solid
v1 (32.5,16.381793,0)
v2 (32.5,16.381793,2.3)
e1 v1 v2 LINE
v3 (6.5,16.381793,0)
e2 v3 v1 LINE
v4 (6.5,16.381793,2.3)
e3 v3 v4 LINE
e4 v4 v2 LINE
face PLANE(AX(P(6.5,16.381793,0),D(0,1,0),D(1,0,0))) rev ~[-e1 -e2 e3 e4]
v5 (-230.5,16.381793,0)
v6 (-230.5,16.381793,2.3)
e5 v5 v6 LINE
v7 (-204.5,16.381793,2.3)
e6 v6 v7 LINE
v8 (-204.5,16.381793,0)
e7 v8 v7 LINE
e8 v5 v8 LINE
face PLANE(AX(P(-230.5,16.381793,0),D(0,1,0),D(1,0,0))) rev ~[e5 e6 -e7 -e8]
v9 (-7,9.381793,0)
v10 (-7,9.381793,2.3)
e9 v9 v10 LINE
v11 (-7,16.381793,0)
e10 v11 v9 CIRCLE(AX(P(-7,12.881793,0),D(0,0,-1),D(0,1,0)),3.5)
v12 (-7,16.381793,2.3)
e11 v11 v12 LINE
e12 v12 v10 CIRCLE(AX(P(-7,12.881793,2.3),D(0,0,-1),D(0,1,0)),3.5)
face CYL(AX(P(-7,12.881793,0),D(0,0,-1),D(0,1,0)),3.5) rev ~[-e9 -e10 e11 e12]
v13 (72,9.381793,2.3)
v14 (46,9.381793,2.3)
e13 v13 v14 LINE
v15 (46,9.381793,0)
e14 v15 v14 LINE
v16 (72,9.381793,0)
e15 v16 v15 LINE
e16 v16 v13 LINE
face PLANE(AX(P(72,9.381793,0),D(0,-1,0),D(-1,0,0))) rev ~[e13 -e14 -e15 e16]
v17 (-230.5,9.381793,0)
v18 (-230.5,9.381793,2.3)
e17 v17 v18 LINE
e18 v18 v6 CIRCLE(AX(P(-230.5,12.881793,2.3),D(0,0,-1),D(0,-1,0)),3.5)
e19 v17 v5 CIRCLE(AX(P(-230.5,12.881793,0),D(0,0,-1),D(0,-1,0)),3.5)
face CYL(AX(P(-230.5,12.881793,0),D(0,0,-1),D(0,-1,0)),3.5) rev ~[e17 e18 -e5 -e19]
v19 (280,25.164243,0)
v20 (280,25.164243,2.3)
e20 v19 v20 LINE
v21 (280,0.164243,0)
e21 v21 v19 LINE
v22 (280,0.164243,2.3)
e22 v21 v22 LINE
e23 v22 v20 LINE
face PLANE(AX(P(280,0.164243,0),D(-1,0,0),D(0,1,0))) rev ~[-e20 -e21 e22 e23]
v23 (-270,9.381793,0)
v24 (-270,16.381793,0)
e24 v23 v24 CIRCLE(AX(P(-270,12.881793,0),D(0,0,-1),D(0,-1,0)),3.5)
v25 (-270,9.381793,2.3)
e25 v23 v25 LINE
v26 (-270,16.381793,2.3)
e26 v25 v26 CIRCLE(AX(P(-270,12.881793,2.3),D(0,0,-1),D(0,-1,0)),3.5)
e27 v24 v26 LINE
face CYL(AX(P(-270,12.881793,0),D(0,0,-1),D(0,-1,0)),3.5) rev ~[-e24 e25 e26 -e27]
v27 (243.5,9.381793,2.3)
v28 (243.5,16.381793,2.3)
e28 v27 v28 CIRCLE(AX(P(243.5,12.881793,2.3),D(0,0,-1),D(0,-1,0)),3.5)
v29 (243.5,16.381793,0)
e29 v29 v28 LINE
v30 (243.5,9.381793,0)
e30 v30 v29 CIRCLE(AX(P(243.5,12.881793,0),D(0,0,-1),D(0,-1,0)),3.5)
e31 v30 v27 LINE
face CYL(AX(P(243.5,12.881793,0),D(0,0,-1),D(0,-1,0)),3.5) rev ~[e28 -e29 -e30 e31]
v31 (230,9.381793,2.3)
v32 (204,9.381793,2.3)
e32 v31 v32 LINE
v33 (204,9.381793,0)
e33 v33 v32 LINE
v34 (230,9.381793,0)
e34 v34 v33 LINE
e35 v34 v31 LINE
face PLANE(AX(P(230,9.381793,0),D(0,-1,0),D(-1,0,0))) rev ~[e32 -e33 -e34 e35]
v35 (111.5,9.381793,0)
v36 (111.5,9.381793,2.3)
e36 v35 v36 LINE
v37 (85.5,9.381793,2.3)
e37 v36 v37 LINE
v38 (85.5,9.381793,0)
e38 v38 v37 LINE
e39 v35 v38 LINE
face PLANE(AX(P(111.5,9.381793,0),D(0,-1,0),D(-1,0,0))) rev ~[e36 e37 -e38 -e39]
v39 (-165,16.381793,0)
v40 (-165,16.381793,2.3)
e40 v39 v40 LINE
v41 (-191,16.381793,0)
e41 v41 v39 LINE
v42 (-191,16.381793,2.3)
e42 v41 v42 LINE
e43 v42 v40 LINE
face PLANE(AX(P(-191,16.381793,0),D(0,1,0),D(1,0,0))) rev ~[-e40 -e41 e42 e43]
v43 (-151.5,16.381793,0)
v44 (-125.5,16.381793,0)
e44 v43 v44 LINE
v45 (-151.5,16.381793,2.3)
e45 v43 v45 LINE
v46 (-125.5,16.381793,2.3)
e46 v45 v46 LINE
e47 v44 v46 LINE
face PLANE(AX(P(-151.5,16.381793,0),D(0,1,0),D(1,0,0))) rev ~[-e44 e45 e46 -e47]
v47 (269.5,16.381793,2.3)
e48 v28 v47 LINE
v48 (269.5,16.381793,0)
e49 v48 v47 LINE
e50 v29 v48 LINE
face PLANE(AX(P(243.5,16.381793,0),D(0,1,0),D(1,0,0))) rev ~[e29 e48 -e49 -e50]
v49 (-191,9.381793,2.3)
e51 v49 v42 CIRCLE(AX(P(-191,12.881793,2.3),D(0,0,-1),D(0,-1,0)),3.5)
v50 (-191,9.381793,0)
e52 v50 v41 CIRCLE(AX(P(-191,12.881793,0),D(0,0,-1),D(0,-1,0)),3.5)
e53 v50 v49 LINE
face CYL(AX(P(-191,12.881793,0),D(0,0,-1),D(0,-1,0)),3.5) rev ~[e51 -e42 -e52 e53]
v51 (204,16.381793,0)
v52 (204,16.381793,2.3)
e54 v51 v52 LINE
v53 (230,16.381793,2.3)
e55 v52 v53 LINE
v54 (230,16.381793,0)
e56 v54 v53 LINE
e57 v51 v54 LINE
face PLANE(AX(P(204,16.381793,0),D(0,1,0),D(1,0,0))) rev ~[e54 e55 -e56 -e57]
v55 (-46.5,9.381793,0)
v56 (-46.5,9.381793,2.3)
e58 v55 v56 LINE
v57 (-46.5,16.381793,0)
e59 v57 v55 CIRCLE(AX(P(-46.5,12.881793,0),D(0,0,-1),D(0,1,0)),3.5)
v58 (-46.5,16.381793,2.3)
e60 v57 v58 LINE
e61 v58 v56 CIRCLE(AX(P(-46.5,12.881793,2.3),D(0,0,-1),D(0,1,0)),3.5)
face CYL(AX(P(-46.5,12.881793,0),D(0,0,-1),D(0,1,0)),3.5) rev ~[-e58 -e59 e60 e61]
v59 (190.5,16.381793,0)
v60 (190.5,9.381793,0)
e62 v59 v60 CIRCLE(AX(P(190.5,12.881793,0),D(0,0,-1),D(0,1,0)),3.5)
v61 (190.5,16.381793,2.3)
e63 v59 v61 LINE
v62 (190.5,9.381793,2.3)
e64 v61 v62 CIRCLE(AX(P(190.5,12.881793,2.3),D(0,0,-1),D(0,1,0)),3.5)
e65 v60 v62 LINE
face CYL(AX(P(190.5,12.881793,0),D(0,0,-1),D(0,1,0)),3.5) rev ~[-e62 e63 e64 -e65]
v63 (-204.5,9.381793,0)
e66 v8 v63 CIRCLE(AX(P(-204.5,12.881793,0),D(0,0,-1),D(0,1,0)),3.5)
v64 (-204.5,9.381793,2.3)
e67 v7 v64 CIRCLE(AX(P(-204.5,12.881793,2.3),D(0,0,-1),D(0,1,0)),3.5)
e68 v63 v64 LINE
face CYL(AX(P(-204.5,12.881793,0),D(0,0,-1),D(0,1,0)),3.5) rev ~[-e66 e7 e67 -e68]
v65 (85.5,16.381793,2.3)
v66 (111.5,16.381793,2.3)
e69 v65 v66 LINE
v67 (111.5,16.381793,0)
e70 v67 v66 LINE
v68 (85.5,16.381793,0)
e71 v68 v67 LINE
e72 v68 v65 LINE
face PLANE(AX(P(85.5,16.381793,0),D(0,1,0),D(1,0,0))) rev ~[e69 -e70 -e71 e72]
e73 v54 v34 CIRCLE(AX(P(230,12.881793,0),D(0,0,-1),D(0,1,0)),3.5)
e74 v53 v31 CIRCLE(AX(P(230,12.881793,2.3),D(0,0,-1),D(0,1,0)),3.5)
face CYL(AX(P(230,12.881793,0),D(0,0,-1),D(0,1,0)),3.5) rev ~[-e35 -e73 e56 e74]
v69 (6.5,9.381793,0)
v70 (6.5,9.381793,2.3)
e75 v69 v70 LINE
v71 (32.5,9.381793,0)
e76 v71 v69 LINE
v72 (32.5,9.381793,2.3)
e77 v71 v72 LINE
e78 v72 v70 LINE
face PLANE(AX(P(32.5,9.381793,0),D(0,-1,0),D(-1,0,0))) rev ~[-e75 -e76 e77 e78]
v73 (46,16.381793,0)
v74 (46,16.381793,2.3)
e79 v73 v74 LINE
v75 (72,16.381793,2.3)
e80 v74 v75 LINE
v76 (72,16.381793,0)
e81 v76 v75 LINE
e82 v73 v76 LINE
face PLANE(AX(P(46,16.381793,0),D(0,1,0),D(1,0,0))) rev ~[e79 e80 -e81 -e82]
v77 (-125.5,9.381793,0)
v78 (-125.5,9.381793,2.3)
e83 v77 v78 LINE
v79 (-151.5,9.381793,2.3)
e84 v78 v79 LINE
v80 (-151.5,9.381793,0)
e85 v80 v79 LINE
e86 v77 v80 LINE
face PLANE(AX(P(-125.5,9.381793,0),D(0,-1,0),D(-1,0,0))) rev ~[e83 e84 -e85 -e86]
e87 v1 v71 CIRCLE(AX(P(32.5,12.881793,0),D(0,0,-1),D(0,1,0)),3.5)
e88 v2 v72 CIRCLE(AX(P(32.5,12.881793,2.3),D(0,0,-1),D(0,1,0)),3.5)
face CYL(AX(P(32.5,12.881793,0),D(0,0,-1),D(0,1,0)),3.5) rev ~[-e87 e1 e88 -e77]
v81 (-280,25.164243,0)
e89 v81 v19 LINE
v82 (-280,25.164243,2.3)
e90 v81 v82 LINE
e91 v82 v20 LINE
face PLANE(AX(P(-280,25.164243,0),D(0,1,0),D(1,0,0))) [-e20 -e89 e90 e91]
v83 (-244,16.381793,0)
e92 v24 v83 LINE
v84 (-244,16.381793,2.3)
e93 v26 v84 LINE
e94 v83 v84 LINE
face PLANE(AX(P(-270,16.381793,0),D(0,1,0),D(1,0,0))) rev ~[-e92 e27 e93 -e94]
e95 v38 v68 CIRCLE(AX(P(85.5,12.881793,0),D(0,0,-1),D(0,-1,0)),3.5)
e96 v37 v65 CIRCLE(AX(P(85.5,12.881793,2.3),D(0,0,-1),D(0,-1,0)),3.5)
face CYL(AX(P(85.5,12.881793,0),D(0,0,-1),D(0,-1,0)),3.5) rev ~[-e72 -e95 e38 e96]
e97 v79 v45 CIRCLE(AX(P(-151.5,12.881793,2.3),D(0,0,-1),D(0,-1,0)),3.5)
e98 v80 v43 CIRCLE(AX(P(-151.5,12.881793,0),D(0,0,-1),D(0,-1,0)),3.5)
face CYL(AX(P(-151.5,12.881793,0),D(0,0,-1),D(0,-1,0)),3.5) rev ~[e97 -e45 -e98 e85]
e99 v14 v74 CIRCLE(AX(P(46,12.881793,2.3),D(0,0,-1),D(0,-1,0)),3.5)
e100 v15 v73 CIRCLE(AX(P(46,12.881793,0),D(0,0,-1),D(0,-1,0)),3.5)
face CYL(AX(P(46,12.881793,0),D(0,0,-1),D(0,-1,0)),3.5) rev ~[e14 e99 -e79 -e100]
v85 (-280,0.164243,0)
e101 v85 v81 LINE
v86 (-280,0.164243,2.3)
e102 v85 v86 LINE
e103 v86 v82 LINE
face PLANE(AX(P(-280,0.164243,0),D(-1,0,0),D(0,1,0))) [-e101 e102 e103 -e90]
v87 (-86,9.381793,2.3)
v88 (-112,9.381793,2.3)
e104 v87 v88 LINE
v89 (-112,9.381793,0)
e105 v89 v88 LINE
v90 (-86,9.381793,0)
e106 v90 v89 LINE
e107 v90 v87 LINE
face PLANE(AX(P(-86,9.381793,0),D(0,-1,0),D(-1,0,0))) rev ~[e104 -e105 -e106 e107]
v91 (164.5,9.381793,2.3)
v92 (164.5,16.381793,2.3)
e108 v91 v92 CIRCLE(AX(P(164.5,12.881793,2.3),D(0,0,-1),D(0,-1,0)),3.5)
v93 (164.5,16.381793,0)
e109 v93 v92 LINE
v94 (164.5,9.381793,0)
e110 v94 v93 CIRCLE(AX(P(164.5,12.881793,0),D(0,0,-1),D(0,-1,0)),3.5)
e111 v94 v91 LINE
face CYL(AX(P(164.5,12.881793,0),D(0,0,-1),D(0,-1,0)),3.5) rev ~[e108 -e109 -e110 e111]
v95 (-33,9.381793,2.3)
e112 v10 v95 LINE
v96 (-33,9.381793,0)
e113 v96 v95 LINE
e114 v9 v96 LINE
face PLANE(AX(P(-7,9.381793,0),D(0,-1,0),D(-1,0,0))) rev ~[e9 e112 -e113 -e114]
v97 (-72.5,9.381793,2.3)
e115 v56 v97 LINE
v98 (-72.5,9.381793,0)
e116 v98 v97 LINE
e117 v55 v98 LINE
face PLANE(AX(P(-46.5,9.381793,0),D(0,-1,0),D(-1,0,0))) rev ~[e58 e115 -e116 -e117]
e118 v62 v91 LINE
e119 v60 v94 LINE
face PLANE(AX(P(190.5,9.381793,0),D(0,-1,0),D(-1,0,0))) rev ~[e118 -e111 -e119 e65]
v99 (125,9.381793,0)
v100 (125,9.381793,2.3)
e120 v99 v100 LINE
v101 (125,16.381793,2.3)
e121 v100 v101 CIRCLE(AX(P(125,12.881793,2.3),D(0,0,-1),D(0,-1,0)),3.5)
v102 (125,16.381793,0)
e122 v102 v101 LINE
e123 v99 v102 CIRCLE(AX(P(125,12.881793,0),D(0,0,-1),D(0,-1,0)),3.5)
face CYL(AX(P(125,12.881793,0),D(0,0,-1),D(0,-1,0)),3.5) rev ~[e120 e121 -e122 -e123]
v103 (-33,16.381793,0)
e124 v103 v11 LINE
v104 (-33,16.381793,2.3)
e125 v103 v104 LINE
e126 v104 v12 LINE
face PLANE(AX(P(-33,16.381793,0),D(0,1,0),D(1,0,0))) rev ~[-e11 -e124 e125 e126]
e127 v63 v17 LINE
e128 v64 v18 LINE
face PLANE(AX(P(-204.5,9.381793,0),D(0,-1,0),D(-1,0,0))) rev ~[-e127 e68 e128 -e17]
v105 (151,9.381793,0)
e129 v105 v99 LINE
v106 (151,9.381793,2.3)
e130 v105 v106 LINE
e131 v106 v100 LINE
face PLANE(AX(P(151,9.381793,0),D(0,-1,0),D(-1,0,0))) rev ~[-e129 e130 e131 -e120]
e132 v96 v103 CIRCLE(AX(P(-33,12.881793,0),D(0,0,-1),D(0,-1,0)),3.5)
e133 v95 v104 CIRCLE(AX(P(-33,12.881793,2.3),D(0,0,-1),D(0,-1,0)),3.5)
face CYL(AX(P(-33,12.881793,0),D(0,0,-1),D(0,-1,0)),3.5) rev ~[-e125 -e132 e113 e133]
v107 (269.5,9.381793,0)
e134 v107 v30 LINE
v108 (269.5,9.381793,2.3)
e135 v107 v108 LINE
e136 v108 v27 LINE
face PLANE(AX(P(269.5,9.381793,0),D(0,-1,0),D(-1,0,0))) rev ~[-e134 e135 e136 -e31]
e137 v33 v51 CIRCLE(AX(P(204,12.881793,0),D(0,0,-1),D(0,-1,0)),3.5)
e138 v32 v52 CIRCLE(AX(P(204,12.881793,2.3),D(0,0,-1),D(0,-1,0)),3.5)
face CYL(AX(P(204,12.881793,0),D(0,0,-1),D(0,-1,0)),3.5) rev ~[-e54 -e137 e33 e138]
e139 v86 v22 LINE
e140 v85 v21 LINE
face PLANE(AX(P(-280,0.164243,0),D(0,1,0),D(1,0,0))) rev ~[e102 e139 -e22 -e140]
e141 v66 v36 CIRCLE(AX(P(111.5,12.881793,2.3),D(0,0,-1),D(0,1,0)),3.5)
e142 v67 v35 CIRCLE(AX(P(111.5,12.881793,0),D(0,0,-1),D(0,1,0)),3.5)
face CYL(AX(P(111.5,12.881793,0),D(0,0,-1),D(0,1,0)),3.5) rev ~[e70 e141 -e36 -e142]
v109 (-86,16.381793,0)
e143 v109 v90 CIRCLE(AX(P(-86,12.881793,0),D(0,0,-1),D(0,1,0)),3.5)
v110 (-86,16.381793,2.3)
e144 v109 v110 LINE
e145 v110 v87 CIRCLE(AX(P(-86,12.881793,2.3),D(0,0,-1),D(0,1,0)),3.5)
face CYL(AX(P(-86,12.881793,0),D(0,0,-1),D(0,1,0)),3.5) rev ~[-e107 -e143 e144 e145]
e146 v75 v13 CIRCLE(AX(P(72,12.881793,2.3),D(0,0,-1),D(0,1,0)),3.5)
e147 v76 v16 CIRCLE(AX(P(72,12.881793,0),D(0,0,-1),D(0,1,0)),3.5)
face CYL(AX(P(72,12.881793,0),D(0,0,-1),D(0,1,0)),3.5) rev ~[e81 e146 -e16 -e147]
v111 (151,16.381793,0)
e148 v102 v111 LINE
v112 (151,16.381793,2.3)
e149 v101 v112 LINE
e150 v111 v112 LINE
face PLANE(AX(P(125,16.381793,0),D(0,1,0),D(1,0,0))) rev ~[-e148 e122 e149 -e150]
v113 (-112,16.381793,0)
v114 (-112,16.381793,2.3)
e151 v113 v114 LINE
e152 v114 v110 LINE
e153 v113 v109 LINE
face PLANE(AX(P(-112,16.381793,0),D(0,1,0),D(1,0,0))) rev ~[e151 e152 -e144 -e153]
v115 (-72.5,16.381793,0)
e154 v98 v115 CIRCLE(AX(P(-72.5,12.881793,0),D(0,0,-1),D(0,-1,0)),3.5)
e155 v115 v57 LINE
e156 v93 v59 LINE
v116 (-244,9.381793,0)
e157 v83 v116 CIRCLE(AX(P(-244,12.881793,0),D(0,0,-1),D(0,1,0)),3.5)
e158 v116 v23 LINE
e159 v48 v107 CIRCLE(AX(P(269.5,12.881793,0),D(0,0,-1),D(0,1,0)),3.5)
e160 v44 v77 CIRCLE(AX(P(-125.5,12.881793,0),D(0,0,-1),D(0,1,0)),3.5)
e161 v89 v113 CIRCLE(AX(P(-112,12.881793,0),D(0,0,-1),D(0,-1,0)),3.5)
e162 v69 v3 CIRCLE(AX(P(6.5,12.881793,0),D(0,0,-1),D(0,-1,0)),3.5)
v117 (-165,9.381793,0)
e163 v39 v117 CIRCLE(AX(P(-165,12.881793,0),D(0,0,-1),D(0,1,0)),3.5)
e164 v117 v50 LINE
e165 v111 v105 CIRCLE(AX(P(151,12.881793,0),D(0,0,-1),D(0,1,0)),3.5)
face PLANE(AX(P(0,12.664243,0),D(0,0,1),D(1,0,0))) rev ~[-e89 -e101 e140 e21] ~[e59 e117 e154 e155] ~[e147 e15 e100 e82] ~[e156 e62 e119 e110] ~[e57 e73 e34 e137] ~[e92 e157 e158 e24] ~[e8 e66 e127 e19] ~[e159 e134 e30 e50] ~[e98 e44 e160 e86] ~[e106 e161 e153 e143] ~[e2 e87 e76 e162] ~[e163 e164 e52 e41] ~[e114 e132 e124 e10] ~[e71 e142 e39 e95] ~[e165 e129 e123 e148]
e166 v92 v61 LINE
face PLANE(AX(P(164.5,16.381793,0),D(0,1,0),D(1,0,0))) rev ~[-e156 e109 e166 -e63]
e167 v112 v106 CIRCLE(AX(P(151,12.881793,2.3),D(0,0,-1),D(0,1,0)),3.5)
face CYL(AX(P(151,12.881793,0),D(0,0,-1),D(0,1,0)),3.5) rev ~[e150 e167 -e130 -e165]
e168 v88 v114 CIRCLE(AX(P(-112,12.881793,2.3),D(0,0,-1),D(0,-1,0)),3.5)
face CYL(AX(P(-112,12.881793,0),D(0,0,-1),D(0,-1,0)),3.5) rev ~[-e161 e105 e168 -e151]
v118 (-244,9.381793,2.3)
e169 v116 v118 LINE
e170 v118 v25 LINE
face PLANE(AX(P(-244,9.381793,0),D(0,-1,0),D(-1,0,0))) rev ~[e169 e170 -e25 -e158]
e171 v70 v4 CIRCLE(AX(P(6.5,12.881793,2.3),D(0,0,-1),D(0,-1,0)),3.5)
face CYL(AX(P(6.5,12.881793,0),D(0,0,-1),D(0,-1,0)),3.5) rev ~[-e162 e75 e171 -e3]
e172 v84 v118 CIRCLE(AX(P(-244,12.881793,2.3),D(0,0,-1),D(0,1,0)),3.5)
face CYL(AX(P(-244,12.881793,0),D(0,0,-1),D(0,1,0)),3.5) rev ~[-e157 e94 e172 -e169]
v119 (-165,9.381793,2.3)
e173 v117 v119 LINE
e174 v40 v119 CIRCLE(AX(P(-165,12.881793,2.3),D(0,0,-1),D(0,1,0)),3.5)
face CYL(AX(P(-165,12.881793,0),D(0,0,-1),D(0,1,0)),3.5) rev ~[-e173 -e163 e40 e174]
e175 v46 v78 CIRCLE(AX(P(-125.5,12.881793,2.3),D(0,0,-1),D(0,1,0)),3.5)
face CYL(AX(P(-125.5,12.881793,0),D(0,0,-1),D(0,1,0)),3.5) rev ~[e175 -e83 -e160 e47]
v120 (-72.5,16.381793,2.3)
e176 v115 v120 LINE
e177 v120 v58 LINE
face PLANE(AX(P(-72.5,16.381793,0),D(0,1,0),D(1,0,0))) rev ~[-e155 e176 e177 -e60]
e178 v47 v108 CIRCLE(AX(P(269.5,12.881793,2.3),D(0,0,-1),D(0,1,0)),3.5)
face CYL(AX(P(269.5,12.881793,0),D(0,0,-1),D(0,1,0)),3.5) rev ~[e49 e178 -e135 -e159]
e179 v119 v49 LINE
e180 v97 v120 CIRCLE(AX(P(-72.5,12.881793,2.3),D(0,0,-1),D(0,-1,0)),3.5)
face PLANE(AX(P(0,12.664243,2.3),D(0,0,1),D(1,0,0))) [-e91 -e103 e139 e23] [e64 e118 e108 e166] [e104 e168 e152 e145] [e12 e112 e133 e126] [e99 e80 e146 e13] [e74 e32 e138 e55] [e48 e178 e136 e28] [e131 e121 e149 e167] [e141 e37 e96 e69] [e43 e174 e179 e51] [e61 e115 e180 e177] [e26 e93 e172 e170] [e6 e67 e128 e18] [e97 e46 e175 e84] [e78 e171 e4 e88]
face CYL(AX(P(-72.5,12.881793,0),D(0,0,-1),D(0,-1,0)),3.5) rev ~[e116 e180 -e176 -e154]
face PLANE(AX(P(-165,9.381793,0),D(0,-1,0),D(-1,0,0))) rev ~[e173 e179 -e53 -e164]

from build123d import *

# Parameters (mm, degrees)
SKETCH_1_W      = 560
SKETCH_1_H      = 25
EXTRUDE_1_DEPTH = 2.3


with BuildPart() as part:
    # ｽｹｯﾁ1 → ﾎﾞｽ - 押し出し1 (new body)
    with BuildSketch(Plane.XY):
        with Locations((0, 12.664243194)):
            Rectangle(SKETCH_1_W, SKETCH_1_H)
        with BuildLine():
            Line((-270, 16.381792792), (-244, 16.381792792))
            ThreePointArc((-244, 16.381792792), (-240.5, 12.881792792), (-244, 9.381792792))
            Line((-244, 9.381792792), (-270, 9.381792792))
            ThreePointArc((-270, 9.381792792), (-273.5, 12.881792792), (-270, 16.381792792))
        make_face(mode=Mode.SUBTRACT)
        with BuildLine():
            Line((-230.5, 16.381792792), (-204.5, 16.381792792))
            ThreePointArc((-204.5, 16.381792792), (-201, 12.881792792), (-204.5, 9.381792792))
            Line((-204.5, 9.381792792), (-230.5, 9.381792792))
            ThreePointArc((-230.5, 9.381792792), (-234, 12.881792792), (-230.5, 16.381792792))
        make_face(mode=Mode.SUBTRACT)
        with BuildLine():
            Line((-191, 16.381792792), (-165, 16.381792792))
            ThreePointArc((-165, 16.381792792), (-161.5, 12.881792792), (-165, 9.381792792))
            Line((-165, 9.381792792), (-191, 9.381792792))
            ThreePointArc((-191, 9.381792792), (-194.5, 12.881792792), (-191, 16.381792792))
        make_face(mode=Mode.SUBTRACT)
        with BuildLine():
            Line((-151.5, 16.381792792), (-125.5, 16.381792792))
            ThreePointArc((-125.5, 16.381792792), (-122, 12.881792792), (-125.5, 9.381792792))
            Line((-125.5, 9.381792792), (-151.5, 9.381792792))
            ThreePointArc((-151.5, 9.381792792), (-155, 12.881792792), (-151.5, 16.381792792))
        make_face(mode=Mode.SUBTRACT)
        with BuildLine():
            Line((-112, 16.381792792), (-86, 16.381792792))
            ThreePointArc((-86, 16.381792792), (-82.5, 12.881792792), (-86, 9.381792792))
            Line((-86, 9.381792792), (-112, 9.381792792))
            ThreePointArc((-112, 9.381792792), (-115.5, 12.881792792), (-112, 16.381792792))
        make_face(mode=Mode.SUBTRACT)
        with BuildLine():
            Line((-72.5, 16.381792792), (-46.5, 16.381792792))
            ThreePointArc((-46.5, 16.381792792), (-43, 12.881792792), (-46.5, 9.381792792))
            Line((-46.5, 9.381792792), (-72.5, 9.381792792))
            ThreePointArc((-72.5, 9.381792792), (-76, 12.881792792), (-72.5, 16.381792792))
        make_face(mode=Mode.SUBTRACT)
        with BuildLine():
            Line((-33, 16.381792792), (-7, 16.381792792))
            ThreePointArc((-7, 16.381792792), (-3.5, 12.881792792), (-7, 9.381792792))
            Line((-7, 9.381792792), (-33, 9.381792792))
            ThreePointArc((-33, 9.381792792), (-36.5, 12.881792792), (-33, 16.381792792))
        make_face(mode=Mode.SUBTRACT)
        with BuildLine():
            Line((6.5, 16.381792792), (32.5, 16.381792792))
            ThreePointArc((32.5, 16.381792792), (36, 12.881792792), (32.5, 9.381792792))
            Line((32.5, 9.381792792), (6.5, 9.381792792))
            ThreePointArc((6.5, 9.381792792), (3, 12.881792792), (6.5, 16.381792792))
        make_face(mode=Mode.SUBTRACT)
        with BuildLine():
            Line((46, 16.381792792), (72, 16.381792792))
            ThreePointArc((72, 16.381792792), (75.5, 12.881792792), (72, 9.381792792))
            Line((72, 9.381792792), (46, 9.381792792))
            ThreePointArc((46, 9.381792792), (42.5, 12.881792792), (46, 16.381792792))
        make_face(mode=Mode.SUBTRACT)
        with BuildLine():
            Line((85.5, 16.381792792), (111.5, 16.381792792))
            ThreePointArc((111.5, 16.381792792), (115, 12.881792792), (111.5, 9.381792792))
            Line((111.5, 9.381792792), (85.5, 9.381792792))
            ThreePointArc((85.5, 9.381792792), (82, 12.881792792), (85.5, 16.381792792))
        make_face(mode=Mode.SUBTRACT)
        with BuildLine():
            Line((125, 16.381792792), (151, 16.381792792))
            ThreePointArc((151, 16.381792792), (154.5, 12.881792792), (151, 9.381792792))
            Line((151, 9.381792792), (125, 9.381792792))
            ThreePointArc((125, 9.381792792), (121.5, 12.881792792), (125, 16.381792792))
        make_face(mode=Mode.SUBTRACT)
        with BuildLine():
            Line((164.5, 16.381792792), (190.5, 16.381792792))
            ThreePointArc((190.5, 16.381792792), (194, 12.881792792), (190.5, 9.381792792))
            Line((190.5, 9.381792792), (164.5, 9.381792792))
            ThreePointArc((164.5, 9.381792792), (161, 12.881792792), (164.5, 16.381792792))
        make_face(mode=Mode.SUBTRACT)
        with BuildLine():
            Line((204, 16.381792792), (230, 16.381792792))
            ThreePointArc((230, 16.381792792), (233.5, 12.881792792), (230, 9.381792792))
            Line((230, 9.381792792), (204, 9.381792792))
            ThreePointArc((204, 9.381792792), (200.5, 12.881792792), (204, 16.381792792))
        make_face(mode=Mode.SUBTRACT)
        with BuildLine():
            Line((243.5, 16.381792792), (269.5, 16.381792792))
            ThreePointArc((269.5, 16.381792792), (273, 12.881792792), (269.5, 9.381792792))
            Line((269.5, 9.381792792), (243.5, 9.381792792))
            ThreePointArc((243.5, 9.381792792), (240, 12.881792792), (243.5, 16.381792792))
        make_face(mode=Mode.SUBTRACT)
    extrude(amount=EXTRUDE_1_DEPTH)


solid = part.part
